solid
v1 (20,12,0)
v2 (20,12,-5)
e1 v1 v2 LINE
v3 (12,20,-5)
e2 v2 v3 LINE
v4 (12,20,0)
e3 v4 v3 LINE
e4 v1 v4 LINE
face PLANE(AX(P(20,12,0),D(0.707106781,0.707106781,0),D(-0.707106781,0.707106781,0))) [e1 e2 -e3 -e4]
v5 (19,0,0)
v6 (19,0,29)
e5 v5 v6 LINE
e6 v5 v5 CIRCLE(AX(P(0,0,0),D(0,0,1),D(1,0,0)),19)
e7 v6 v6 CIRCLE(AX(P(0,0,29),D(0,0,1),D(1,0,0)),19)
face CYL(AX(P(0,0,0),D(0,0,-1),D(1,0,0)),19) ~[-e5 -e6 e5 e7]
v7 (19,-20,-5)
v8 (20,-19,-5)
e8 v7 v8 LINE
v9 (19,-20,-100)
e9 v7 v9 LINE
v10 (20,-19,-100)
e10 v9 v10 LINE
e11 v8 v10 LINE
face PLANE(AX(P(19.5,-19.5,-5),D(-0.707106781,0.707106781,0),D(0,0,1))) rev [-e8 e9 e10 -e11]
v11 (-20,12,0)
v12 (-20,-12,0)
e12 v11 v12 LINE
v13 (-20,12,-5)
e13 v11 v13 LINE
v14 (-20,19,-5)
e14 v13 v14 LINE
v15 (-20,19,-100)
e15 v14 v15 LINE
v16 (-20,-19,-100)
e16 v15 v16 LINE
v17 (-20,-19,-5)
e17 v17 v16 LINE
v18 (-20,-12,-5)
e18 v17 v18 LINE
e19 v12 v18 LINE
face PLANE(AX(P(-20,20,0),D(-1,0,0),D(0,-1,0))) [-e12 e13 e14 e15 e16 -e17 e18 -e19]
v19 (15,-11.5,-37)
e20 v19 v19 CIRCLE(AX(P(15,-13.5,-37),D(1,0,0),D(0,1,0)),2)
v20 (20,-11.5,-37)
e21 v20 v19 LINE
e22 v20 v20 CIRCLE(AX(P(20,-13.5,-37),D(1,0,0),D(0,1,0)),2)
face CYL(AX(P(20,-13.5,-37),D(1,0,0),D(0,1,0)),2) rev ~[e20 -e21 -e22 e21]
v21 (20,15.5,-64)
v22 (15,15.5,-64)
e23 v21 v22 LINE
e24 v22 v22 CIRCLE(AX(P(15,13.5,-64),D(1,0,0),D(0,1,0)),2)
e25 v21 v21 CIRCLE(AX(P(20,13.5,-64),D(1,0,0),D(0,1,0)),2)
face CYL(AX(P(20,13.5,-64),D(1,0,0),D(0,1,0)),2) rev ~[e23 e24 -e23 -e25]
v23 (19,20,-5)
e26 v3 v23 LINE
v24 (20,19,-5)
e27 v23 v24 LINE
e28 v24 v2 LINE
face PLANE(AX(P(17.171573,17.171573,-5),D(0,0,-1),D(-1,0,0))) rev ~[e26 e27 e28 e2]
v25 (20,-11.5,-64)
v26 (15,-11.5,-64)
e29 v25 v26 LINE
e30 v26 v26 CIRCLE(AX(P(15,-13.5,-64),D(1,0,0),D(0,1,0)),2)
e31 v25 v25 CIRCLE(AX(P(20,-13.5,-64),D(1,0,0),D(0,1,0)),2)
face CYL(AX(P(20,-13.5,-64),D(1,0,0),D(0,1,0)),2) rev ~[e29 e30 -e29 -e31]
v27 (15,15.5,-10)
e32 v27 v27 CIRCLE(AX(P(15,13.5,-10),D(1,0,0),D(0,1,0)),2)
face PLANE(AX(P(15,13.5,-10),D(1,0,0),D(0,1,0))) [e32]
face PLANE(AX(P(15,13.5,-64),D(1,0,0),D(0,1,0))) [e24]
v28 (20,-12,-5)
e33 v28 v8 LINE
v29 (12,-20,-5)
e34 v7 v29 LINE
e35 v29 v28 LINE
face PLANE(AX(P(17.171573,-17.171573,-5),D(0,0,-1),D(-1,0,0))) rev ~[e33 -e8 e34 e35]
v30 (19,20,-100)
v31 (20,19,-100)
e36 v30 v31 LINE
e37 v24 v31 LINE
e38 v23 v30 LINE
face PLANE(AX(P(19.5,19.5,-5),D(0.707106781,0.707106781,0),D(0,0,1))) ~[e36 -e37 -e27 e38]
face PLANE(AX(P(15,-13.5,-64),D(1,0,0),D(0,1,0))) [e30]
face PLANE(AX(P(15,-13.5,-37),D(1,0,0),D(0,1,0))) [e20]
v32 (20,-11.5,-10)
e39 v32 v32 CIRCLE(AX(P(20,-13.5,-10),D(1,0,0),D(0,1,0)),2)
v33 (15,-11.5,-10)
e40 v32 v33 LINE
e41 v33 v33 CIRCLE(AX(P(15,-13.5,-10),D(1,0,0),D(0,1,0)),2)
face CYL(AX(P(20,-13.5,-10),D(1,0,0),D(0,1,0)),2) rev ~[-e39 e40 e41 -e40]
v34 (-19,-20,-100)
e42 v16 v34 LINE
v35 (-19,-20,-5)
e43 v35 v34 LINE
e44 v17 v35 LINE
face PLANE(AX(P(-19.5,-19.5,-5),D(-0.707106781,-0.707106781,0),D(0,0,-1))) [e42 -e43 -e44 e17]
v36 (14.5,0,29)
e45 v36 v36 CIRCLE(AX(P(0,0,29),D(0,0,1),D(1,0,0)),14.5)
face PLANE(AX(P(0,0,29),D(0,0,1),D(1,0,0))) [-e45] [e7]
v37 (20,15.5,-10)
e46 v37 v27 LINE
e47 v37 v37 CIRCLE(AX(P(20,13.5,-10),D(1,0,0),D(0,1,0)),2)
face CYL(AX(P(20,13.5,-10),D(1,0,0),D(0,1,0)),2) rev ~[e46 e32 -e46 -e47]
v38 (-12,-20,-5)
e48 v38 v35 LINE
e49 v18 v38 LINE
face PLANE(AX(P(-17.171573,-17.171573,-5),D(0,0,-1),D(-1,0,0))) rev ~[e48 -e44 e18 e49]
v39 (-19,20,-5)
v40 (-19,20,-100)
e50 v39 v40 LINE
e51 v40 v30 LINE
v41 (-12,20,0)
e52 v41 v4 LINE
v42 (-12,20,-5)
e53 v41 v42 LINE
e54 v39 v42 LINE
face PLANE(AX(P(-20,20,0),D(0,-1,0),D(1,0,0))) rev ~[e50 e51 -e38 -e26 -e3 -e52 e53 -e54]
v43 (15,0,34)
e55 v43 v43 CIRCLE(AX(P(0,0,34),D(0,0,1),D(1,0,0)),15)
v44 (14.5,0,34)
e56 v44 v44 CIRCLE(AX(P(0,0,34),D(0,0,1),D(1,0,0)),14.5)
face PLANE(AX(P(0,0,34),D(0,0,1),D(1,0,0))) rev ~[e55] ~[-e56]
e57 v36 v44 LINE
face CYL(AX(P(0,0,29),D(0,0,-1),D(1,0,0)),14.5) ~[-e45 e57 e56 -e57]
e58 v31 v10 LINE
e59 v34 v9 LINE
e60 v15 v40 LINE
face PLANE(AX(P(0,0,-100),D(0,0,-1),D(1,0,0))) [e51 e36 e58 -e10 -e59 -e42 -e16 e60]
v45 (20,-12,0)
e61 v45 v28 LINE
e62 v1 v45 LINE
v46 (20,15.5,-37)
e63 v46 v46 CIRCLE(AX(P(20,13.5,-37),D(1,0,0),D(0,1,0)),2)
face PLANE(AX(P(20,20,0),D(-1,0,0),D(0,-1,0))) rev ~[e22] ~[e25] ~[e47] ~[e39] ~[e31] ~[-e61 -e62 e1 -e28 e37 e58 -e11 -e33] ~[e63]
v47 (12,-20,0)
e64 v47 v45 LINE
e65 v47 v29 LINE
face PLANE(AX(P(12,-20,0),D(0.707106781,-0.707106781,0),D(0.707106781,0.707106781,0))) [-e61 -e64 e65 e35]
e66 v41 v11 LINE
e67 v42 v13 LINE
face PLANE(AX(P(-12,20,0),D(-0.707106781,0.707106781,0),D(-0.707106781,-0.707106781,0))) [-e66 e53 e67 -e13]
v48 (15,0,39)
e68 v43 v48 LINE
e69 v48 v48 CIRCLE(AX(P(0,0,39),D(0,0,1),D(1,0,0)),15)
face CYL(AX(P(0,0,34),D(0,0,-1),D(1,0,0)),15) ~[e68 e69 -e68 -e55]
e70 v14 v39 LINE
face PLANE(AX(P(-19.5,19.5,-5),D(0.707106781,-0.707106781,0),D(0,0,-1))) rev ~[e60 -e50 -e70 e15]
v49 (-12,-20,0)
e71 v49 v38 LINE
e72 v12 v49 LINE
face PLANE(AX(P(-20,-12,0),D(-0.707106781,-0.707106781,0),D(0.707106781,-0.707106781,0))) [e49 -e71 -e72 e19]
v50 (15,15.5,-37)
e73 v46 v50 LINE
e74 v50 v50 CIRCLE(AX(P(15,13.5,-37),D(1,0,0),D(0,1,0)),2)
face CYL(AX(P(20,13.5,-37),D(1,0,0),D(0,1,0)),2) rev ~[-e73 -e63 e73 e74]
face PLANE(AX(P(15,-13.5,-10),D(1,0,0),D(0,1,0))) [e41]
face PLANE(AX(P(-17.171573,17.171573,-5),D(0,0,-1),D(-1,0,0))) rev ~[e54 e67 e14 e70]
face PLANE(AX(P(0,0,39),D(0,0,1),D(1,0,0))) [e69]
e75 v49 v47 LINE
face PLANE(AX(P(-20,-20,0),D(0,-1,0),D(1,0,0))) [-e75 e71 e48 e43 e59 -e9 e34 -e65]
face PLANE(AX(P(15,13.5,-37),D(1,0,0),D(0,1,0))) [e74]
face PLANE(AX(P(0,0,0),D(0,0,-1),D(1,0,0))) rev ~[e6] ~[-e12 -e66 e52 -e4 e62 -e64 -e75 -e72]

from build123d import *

# Parameters (mm, degrees)
SKETCH_R        = 19
PAD_DEPTH       = 29
SKETCH001_W     = 40
SKETCH001_H     = 40
PAD001_DEPTH    = 100
POCKET_DEPTH    = 5
CHAMFER_SIZE    = 1
SKETCH003_R     = 14.5
PAD002_DEPTH    = 5
SKETCH016_R     = 15
PAD010_DEPTH    = 5
SKETCH014_R     = 2
POCKET001_DEPTH = 5


with BuildPart() as part:
    # Sketch → Pad (new body)
    with BuildSketch(Plane.XY):
        Circle(SKETCH_R)
    extrude(amount=PAD_DEPTH)

    # Sketch001 (on Face2 of Pad) → Pad001 (join)
    with BuildSketch(Plane(origin=(0, 0, 0), x_dir=(1, 0, 0), z_dir=(0, 0, -1))):
        Rectangle(SKETCH001_W, SKETCH001_H)
    extrude(amount=PAD001_DEPTH)

    # Sketch002 (on Face4 of Pad001) → Pocket (cut)
    with BuildSketch(Plane.XY):
        Polygon((-20, 12), (-20, 20), (-12, 20), align=None)
        Polygon((12, 20), (20, 20), (20, 12), align=None)
        Polygon((20, -12), (20, -20), (12, -20), align=None)
        Polygon((-12, -20), (-20, -20), (-20, -12), align=None)
    extrude(amount=-POCKET_DEPTH, mode=Mode.SUBTRACT)

    # Chamfer
    chamfer_edges = [part.edges().sort_by_distance(p)[0] for p in [
        (-20, -20, -52.5),
        (20, -20, -52.5),
        (20, 20, -52.5),
        (-20, 20, -52.5),
    ]]
    chamfer(chamfer_edges, length=CHAMFER_SIZE)

    # Sketch003 (on Face20 of Chamfer) → Pad002 (join)
    with BuildSketch(Plane.XY.offset(29)):
        Circle(SKETCH003_R)
    extrude(amount=PAD002_DEPTH)

    # Sketch016 (on Face22 of Pad002) → Pad010 (join)
    with BuildSketch(Plane.XY.offset(34)):
        Circle(SKETCH016_R)
    extrude(amount=PAD010_DEPTH)

    # Sketch014 (on Face11 of Chamfer) → Pocket001 (cut)
    with BuildSketch(Plane.YZ.offset(20)):
        with Locations((-13.5, -10)):
            Circle(SKETCH014_R)
        with Locations((13.5, -10)):
            Circle(SKETCH014_R)
        with Locations((13.5, -37)):
            Circle(SKETCH014_R)
        with Locations((-13.5, -37)):
            Circle(SKETCH014_R)
        with Locations((13.5, -64)):
            Circle(SKETCH014_R)
        with Locations((-13.5, -64)):
            Circle(SKETCH014_R)
    extrude(amount=-POCKET001_DEPTH, mode=Mode.SUBTRACT)


solid = part.part
